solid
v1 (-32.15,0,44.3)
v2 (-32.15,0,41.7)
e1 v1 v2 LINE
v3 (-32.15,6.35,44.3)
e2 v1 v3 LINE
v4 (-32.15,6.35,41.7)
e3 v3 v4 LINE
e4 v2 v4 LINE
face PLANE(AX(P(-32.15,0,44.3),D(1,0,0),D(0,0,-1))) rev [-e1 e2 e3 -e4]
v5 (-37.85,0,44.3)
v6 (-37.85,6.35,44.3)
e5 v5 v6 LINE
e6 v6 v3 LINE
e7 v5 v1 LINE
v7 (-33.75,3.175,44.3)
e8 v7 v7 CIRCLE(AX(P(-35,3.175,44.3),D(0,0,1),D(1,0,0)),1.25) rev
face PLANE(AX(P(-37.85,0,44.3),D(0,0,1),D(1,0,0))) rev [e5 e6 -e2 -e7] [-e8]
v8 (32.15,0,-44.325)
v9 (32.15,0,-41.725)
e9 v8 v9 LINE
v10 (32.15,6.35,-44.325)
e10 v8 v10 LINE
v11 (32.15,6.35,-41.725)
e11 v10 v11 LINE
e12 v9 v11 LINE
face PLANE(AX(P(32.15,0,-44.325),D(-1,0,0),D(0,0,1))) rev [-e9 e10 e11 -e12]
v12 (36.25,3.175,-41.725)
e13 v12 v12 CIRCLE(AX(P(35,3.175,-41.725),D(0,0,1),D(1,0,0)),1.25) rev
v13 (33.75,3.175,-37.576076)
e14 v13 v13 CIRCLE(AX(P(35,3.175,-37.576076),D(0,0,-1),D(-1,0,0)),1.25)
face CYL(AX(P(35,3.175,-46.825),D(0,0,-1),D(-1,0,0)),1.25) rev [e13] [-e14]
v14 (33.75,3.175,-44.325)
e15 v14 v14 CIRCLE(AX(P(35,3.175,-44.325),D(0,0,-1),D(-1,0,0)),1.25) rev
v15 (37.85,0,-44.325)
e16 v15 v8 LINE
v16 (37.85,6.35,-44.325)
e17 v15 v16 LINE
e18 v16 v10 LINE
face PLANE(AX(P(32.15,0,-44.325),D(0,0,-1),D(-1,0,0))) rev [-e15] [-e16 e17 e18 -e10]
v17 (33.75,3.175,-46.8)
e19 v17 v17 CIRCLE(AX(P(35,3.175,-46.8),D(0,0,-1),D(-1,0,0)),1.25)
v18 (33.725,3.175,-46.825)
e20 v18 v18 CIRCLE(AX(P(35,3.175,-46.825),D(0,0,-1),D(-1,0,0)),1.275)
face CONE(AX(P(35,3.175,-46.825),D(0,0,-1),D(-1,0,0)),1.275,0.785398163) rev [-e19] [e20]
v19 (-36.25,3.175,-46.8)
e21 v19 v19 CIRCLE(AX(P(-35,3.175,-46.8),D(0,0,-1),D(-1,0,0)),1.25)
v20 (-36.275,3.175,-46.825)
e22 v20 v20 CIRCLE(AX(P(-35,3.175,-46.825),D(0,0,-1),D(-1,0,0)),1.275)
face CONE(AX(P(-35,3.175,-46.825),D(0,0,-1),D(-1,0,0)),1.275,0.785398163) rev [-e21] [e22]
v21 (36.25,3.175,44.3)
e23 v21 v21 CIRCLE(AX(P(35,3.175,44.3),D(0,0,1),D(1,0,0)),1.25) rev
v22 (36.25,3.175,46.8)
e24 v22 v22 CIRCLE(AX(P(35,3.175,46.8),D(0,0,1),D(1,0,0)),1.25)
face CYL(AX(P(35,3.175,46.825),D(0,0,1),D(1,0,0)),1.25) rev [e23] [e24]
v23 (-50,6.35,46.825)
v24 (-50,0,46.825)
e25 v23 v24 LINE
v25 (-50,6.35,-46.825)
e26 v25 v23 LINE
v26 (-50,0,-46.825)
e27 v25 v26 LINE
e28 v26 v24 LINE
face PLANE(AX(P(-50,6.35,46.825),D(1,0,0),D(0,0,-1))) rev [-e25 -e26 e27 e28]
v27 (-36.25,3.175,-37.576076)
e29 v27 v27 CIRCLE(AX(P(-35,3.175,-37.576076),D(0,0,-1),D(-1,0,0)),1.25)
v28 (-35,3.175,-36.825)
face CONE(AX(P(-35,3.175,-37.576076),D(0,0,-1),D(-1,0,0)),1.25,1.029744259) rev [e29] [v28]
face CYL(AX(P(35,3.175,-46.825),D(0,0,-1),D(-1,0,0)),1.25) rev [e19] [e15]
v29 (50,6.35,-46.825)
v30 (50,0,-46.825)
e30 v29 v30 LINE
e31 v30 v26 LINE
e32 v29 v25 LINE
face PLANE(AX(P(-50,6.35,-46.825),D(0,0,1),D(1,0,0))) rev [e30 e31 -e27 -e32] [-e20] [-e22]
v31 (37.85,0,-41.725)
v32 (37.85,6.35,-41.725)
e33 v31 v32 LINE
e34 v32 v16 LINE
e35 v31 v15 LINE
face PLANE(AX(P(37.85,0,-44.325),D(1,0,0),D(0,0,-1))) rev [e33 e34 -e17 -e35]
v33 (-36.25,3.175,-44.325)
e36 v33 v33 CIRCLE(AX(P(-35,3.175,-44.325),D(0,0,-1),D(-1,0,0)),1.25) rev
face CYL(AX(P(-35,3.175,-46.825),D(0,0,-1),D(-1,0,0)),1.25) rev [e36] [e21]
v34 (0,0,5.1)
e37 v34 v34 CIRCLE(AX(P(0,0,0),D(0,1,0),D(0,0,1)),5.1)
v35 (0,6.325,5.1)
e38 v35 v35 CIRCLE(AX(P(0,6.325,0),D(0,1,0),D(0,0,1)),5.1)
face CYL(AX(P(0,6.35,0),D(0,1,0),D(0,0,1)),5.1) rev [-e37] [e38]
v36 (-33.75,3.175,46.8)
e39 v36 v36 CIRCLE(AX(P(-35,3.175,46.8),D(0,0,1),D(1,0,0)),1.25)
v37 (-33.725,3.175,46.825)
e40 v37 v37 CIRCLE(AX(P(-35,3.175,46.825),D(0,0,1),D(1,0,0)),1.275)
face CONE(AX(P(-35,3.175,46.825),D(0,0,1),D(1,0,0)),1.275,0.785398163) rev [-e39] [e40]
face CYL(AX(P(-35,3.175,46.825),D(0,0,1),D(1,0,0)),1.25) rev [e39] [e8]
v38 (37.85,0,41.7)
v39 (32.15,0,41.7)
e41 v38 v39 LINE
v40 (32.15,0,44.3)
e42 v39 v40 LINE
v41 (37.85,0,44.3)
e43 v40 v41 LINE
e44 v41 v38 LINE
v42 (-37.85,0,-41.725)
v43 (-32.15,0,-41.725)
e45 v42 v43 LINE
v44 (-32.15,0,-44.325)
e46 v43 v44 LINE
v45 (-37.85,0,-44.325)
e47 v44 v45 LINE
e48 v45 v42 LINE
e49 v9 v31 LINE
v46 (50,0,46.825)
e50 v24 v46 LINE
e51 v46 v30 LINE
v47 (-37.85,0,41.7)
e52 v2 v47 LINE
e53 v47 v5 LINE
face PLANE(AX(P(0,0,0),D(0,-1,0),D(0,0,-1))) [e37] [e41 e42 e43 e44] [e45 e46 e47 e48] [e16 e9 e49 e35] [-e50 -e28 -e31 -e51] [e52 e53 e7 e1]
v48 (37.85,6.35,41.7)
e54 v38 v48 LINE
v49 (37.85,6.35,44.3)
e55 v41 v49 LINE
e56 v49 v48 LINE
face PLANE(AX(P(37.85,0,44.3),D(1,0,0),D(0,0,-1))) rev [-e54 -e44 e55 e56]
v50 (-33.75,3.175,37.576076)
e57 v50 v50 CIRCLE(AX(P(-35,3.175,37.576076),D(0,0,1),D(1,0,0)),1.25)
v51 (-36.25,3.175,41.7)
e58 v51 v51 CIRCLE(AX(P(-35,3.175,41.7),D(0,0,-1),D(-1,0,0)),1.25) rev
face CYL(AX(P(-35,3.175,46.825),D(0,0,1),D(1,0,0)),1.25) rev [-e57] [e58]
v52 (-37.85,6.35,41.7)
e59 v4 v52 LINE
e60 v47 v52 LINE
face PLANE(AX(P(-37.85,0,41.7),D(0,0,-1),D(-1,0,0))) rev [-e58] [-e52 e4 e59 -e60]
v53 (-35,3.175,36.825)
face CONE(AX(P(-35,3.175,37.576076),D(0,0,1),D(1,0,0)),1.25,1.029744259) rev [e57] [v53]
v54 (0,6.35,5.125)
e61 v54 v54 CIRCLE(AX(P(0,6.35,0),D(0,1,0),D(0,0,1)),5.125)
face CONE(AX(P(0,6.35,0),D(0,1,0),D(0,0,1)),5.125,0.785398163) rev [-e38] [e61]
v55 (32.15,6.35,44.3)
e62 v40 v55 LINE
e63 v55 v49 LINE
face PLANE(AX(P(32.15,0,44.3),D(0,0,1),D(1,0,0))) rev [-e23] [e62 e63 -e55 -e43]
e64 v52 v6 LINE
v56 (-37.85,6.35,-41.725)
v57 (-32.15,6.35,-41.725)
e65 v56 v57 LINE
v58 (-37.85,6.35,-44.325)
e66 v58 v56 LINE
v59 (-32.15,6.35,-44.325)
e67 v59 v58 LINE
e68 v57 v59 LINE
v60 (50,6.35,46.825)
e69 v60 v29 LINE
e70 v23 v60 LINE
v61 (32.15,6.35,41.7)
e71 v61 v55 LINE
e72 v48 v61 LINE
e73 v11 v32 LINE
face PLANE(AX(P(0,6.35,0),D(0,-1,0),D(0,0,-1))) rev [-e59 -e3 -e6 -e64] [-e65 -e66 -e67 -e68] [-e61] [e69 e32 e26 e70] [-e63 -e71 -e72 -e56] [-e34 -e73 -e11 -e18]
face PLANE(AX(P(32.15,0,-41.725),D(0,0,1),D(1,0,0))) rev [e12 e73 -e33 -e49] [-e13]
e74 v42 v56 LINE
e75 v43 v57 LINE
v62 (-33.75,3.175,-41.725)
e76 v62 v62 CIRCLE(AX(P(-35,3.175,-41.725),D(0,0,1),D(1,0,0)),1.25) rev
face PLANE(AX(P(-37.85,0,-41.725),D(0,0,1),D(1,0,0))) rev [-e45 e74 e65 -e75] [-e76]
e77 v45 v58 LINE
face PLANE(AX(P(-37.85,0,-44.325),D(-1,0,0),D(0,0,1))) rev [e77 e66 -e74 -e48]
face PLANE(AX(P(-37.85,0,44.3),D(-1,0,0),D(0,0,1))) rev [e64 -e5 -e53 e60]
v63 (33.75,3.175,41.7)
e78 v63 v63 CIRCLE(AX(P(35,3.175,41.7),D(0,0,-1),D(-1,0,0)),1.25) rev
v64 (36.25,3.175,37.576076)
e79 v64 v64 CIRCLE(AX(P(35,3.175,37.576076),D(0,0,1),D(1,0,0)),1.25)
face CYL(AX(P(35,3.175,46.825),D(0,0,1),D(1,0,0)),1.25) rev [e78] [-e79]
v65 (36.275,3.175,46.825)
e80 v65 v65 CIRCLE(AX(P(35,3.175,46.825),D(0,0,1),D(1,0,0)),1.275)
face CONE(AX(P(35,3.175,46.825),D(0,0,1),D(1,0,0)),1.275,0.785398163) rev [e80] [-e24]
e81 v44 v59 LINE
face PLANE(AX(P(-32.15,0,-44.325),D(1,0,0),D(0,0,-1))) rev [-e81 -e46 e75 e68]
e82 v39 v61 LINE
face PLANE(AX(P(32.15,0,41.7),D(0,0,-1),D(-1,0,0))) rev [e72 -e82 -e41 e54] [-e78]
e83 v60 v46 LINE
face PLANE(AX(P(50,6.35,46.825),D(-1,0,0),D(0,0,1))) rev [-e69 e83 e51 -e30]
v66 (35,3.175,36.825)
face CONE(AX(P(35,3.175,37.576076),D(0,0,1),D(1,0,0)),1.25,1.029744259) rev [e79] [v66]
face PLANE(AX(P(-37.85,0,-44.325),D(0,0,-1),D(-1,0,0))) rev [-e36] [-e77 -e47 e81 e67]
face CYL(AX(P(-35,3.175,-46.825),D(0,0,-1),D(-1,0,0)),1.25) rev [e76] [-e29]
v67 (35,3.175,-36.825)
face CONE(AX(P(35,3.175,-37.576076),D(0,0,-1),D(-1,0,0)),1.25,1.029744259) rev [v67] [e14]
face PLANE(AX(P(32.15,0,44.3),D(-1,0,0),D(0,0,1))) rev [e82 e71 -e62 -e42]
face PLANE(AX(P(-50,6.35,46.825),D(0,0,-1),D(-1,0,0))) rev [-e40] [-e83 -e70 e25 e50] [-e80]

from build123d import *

# Parameters (mm, degrees)
SKETCH1_W                               = 100
SKETCH1_H                               = 93.65
BOSS_EXTRUDE1_DEPTH                     = 6.35
TAP_DRILL_FOR_M3X0_5_TAP1_D             = 2.5
TAP_DRILL_FOR_M3X0_5_TAP1_DEPTH         = 9.248924226
TAP_DRILL_FOR_M3X0_5_TAP1_CSINK_D       = 2.55
TAP_DRILL_FOR_M3X0_5_TAP1_CSINK_ANGLE   = 90
TAP_DRILL_FOR_M3X0_5_TAP1_TIP           = 0.751075774
TAP_DRILL_FOR_M3X0_5_TAP2_D             = 2.5
TAP_DRILL_FOR_M3X0_5_TAP2_DEPTH         = 9.248924226
TAP_DRILL_FOR_M3X0_5_TAP2_CSINK_D       = 2.55
TAP_DRILL_FOR_M3X0_5_TAP2_CSINK_ANGLE   = 90
TAP_DRILL_FOR_M3X0_5_TAP2_TIP           = 0.751075774
TAP_DRILL_FOR_M12X1_75_TAP1_D           = 10.2
TAP_DRILL_FOR_M12X1_75_TAP1_CSINK_D     = 10.25
TAP_DRILL_FOR_M12X1_75_TAP1_CSINK_ANGLE = 90
SKETCH11_W                              = 5.7
SKETCH11_H                              = 2.6
CUT_EXTRUDE1_DEPTH                      = 69.796098182


with BuildPart() as part:
    # Sketch1 → Boss-Extrude1 (new body)
    with BuildSketch(Plane(origin=(0, 0, 0), x_dir=(1, 0, 0), z_dir=(0, 1, 0))):
        Rectangle(SKETCH1_W, SKETCH1_H)
    extrude(amount=BOSS_EXTRUDE1_DEPTH)

    # Tap Drill for M3x0.5 Tap1
    with Locations(Plane.XY.offset(46.825)):
        with Locations((-35, 3.175), (35, 3.175)):
            CounterSinkHole(TAP_DRILL_FOR_M3X0_5_TAP1_D / 2, TAP_DRILL_FOR_M3X0_5_TAP1_CSINK_D / 2, depth=TAP_DRILL_FOR_M3X0_5_TAP1_DEPTH, counter_sink_angle=TAP_DRILL_FOR_M3X0_5_TAP1_CSINK_ANGLE)
            with Locations((0, 0, -(TAP_DRILL_FOR_M3X0_5_TAP1_DEPTH + TAP_DRILL_FOR_M3X0_5_TAP1_TIP / 2))):  # 118° drill point
                Cone(0, TAP_DRILL_FOR_M3X0_5_TAP1_D / 2, TAP_DRILL_FOR_M3X0_5_TAP1_TIP, mode=Mode.SUBTRACT)

    # Tap Drill for M3x0.5 Tap2
    with Locations(Plane(origin=(0, 0, -46.825), x_dir=(-1, 0, 0), z_dir=(0, 0, -1))):
        with Locations((-35, 3.175), (35, 3.175)):
            CounterSinkHole(TAP_DRILL_FOR_M3X0_5_TAP2_D / 2, TAP_DRILL_FOR_M3X0_5_TAP2_CSINK_D / 2, depth=TAP_DRILL_FOR_M3X0_5_TAP2_DEPTH, counter_sink_angle=TAP_DRILL_FOR_M3X0_5_TAP2_CSINK_ANGLE)
            with Locations((0, 0, -(TAP_DRILL_FOR_M3X0_5_TAP2_DEPTH + TAP_DRILL_FOR_M3X0_5_TAP2_TIP / 2))):  # 118° drill point
                Cone(0, TAP_DRILL_FOR_M3X0_5_TAP2_D / 2, TAP_DRILL_FOR_M3X0_5_TAP2_TIP, mode=Mode.SUBTRACT)

    # Tap Drill for M12x1.75 Tap1 (through all)
    with Locations(Plane(origin=(0, 6.35, 0), x_dir=(1, 0, 0), z_dir=(0, 1, 0))):
        with Locations((0, 0)):
            CounterSinkHole(TAP_DRILL_FOR_M12X1_75_TAP1_D / 2, TAP_DRILL_FOR_M12X1_75_TAP1_CSINK_D / 2, counter_sink_angle=TAP_DRILL_FOR_M12X1_75_TAP1_CSINK_ANGLE)

    # Sketch11 → Cut-Extrude1 (cut, through all)
    with BuildSketch(Plane(origin=(0, 6.35, 0), x_dir=(1, 0, 0), z_dir=(0, 1, 0))):
        with Locations((35, -43)):
            Rectangle(SKETCH11_W, SKETCH11_H)
        with Locations((-35, -43)):
            Rectangle(SKETCH11_W, SKETCH11_H)
        with Locations((-35, 43.025)):
            Rectangle(SKETCH11_W, SKETCH11_H)
        with Locations((35, 43.025)):
            Rectangle(SKETCH11_W, SKETCH11_H)
    extrude(amount=-CUT_EXTRUDE1_DEPTH, mode=Mode.SUBTRACT)


solid = part.part
